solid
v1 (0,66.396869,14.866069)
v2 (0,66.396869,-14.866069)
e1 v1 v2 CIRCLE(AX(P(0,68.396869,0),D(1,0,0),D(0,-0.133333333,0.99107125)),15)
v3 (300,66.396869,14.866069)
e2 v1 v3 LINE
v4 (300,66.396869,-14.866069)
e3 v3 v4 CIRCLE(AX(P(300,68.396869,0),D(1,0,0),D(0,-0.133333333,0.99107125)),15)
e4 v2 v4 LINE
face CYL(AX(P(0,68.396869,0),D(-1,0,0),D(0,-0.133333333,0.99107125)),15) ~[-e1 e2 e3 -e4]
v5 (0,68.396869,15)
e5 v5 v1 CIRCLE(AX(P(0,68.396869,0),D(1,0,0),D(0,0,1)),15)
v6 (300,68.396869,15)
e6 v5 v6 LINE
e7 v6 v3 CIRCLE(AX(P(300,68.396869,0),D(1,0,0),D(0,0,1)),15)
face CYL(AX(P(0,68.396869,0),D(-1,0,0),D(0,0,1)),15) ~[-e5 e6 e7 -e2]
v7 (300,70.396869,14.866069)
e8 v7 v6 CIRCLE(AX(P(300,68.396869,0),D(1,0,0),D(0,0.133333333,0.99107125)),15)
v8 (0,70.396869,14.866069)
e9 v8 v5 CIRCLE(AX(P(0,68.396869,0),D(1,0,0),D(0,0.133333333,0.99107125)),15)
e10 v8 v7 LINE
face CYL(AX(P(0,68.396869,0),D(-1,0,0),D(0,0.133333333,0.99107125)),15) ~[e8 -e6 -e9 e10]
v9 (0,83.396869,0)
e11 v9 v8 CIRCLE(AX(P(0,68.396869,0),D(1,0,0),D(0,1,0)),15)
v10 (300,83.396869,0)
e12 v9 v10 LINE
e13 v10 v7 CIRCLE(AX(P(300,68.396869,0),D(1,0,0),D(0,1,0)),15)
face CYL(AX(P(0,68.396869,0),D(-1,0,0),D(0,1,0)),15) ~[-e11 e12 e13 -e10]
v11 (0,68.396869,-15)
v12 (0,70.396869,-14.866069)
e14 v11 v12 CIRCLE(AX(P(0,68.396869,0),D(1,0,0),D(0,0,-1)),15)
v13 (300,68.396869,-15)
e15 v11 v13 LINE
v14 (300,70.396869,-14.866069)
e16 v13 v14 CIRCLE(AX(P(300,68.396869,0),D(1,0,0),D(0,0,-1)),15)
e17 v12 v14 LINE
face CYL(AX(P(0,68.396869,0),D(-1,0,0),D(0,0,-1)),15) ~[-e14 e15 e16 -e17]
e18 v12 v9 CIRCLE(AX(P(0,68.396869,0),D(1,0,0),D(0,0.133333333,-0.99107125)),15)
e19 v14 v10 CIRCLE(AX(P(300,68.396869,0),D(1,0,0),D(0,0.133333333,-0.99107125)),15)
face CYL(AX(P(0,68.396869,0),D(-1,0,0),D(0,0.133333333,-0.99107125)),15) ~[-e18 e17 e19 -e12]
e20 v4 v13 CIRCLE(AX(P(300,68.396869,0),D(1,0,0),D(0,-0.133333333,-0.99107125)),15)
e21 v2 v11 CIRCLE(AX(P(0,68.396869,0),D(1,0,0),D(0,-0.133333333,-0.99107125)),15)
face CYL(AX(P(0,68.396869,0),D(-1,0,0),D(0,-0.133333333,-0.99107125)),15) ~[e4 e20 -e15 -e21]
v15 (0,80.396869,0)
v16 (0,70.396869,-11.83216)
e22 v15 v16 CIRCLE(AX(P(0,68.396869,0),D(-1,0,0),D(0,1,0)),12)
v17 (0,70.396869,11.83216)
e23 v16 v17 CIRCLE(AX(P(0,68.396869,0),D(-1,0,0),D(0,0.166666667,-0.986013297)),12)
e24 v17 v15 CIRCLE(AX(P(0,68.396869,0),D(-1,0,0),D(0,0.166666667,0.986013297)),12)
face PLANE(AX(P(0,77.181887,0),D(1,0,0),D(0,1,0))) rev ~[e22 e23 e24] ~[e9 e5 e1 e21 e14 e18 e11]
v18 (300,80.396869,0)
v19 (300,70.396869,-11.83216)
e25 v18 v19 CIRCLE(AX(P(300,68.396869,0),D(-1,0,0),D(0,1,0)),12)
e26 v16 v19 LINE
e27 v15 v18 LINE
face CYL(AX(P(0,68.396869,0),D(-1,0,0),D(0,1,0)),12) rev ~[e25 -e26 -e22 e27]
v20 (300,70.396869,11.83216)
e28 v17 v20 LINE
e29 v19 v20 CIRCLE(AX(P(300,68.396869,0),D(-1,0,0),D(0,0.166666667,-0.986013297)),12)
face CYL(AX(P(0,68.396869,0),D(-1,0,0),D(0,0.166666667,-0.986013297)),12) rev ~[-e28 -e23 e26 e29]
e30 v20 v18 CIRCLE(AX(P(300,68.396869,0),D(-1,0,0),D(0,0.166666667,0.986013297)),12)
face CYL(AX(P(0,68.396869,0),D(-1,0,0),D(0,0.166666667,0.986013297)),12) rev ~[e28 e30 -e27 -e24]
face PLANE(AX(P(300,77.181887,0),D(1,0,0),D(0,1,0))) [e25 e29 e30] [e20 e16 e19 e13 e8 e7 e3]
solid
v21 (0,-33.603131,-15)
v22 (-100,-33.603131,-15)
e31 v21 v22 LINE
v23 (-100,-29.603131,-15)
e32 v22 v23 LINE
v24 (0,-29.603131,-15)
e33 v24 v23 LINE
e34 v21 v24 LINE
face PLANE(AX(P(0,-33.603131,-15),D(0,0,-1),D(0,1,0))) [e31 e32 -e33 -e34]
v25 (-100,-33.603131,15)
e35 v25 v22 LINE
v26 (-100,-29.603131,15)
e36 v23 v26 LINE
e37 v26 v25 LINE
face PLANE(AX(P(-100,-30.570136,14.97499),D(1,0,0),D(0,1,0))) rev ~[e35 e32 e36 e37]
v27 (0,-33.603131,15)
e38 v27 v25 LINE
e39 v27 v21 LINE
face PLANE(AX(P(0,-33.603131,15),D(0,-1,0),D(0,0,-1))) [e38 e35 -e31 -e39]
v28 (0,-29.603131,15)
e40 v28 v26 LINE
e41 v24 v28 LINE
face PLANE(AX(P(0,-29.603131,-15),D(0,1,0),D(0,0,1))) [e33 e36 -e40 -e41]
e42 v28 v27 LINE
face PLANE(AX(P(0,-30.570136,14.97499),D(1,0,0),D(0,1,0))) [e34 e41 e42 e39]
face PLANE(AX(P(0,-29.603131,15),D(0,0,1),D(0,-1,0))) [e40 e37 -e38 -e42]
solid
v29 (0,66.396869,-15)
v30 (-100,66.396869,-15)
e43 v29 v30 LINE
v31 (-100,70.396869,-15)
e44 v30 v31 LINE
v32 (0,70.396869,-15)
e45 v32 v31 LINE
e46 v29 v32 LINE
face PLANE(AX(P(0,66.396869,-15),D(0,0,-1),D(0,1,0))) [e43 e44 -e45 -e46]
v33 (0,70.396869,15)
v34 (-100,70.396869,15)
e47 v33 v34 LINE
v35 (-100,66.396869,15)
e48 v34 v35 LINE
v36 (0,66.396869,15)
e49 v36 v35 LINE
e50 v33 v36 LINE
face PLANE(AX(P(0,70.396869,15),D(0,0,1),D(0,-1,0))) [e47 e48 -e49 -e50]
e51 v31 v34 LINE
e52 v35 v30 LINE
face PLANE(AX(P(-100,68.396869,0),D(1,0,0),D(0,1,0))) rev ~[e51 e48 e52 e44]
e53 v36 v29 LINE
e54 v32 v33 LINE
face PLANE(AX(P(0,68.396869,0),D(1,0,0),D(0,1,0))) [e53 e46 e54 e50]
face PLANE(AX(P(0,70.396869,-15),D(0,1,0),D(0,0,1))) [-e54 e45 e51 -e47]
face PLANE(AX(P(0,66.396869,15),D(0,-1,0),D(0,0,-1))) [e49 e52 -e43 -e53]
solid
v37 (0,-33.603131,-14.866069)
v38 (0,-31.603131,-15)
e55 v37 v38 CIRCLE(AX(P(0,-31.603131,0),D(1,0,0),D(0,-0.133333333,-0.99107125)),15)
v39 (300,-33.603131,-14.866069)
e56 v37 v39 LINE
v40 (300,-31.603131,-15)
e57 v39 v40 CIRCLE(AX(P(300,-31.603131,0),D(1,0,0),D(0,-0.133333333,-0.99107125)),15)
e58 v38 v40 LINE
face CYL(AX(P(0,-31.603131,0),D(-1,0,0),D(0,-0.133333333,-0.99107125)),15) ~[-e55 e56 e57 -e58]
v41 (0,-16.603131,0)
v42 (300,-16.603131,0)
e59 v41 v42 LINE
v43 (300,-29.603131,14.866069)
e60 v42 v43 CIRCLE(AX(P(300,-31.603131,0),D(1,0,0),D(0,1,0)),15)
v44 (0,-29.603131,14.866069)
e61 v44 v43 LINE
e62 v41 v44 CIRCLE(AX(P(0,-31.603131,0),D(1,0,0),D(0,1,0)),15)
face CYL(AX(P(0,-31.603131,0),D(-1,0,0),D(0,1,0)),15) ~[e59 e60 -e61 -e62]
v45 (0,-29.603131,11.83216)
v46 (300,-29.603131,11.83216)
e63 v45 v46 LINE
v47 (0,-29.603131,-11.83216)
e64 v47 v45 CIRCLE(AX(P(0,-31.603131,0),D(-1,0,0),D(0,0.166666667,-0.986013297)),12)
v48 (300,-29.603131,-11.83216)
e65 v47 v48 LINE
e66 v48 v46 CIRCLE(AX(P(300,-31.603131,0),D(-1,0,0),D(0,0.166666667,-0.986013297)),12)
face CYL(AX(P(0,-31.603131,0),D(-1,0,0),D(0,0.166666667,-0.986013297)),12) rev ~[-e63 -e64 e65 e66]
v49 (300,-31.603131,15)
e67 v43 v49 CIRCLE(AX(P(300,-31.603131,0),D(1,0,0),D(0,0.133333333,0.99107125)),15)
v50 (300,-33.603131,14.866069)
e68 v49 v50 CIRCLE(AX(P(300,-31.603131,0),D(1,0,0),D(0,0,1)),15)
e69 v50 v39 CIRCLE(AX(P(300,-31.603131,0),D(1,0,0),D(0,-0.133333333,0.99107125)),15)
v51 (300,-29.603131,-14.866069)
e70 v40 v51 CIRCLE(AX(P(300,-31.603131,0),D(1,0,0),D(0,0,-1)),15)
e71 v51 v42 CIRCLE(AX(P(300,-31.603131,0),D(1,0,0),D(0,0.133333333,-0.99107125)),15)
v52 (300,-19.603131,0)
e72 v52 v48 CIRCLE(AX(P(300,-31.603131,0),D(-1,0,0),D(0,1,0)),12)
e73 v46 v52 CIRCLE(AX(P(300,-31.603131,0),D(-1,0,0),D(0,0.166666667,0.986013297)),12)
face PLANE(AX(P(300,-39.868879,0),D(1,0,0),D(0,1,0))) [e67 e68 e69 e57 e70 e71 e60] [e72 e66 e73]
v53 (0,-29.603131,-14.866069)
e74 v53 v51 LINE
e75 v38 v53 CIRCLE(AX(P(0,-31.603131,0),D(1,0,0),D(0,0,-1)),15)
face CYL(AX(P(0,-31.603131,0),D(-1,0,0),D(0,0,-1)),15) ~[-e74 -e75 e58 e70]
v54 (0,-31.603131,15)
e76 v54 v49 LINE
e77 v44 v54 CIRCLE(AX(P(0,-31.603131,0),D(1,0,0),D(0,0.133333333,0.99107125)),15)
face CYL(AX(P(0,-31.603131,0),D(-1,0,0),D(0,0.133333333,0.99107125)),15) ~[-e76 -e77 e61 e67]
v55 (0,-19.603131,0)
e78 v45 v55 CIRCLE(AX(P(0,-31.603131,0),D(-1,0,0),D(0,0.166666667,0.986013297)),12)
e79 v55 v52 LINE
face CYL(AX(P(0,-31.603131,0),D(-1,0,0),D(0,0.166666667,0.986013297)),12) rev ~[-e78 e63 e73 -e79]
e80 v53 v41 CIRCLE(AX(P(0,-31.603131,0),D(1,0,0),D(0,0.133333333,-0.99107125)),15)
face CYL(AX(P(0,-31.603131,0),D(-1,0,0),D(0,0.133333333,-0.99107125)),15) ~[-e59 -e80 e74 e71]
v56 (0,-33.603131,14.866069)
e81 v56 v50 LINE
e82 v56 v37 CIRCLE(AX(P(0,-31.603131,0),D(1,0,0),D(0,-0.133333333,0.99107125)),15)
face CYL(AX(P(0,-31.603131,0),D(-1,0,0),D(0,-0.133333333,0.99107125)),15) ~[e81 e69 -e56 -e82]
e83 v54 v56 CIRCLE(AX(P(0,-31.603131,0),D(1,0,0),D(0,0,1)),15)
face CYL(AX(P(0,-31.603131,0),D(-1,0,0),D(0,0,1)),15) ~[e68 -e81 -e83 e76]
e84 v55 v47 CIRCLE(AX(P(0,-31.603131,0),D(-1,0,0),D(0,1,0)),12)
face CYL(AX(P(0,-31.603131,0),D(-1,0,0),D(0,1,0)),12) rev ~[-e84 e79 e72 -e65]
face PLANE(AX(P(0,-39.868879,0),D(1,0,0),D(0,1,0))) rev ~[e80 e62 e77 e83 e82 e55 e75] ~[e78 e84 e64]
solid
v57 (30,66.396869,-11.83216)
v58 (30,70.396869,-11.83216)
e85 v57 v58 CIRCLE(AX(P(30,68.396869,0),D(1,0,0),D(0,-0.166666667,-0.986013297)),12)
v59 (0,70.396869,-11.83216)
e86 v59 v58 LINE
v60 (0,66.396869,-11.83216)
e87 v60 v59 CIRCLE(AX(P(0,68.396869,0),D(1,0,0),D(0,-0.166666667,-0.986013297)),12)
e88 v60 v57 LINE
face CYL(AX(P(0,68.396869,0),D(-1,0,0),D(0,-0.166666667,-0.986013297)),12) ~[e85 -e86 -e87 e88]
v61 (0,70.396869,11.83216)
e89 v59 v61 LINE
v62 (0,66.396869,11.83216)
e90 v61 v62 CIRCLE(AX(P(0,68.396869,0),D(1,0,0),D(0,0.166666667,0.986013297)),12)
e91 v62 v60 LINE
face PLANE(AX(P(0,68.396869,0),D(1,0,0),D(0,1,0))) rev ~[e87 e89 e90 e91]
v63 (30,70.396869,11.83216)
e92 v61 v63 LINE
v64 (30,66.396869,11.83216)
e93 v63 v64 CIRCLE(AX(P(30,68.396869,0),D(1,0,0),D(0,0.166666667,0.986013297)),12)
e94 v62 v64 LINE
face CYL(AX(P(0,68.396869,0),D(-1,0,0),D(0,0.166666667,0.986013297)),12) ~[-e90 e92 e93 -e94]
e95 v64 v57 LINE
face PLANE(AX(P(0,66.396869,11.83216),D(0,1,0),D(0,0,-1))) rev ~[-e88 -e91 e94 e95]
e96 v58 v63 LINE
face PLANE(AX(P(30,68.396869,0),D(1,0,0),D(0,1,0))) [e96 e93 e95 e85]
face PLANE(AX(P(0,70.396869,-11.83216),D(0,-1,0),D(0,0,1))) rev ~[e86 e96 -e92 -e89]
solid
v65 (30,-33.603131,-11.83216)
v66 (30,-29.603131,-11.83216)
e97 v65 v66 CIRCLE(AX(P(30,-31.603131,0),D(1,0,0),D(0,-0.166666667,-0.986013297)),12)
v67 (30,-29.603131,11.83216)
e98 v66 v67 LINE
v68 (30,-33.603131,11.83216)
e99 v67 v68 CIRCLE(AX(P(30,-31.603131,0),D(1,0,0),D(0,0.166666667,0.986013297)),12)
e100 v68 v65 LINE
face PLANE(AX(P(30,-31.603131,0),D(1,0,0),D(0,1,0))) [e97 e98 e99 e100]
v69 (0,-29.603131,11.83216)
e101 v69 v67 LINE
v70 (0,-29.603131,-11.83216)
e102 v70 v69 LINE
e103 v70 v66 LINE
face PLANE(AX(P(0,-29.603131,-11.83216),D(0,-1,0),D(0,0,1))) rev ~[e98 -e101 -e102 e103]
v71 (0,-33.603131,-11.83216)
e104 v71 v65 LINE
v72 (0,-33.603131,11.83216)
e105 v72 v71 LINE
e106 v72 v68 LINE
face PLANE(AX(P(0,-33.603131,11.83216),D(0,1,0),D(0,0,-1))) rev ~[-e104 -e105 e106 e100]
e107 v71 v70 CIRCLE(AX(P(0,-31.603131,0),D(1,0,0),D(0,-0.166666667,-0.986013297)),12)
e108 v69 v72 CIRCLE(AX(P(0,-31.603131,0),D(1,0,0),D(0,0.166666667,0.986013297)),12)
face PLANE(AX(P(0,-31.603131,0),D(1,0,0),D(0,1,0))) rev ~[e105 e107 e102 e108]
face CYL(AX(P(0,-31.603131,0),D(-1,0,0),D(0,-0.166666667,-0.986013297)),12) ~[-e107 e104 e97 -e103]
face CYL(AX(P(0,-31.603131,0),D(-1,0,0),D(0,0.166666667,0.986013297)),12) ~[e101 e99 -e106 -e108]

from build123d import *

# Parameters (mm, degrees)
F1_DEPTH = 100
F2_DEPTH = 300
F3_DEPTH = 30


with BuildPart() as f1:
    # F0 (on Right) → F1 (new body)
    with BuildSketch(Plane.YZ):
        with BuildLine():
            Line((70.3968688385, -11.8321595662), (70.3968688385, 11.8321595662))
            ThreePointArc((70.3968688385, 11.8321595662), (68.3968688385, 12), (66.3968688385, 11.8321595662))
            Line((66.3968688385, 11.8321595662), (66.3968688385, -11.8321595662))
            ThreePointArc((66.3968688385, -11.8321595662), (68.3968688385, -12), (70.3968688385, -11.8321595662))
        make_face()
        with BuildLine():
            Line((66.3968688385, -15), (68.3968688385, -15))
            ThreePointArc((68.3968688385, -15), (67.3946291491, -14.9664797332), (66.3968688385, -14.8660687473))
            Line((66.3968688385, -14.8660687473), (66.3968688385, -15))
        make_face()
        with BuildLine():
            Line((70.3968688385, -15), (70.3968688385, -14.8660687473))
            ThreePointArc((70.3968688385, -14.8660687473), (69.399108528, -14.9664797332), (68.3968688385, -15))
            Line((68.3968688385, -15), (70.3968688385, -15))
        make_face()
        with BuildLine():
            ThreePointArc((68.3968688385, -15), (69.399108528, -14.9664797332), (70.3968688385, -14.8660687473))
            Line((70.3968688385, -14.8660687473), (70.3968688385, -11.8321595662))
            ThreePointArc((70.3968688385, -11.8321595662), (68.3968688385, -12), (66.3968688385, -11.8321595662))
            Line((66.3968688385, -11.8321595662), (66.3968688385, -14.8660687473))
            ThreePointArc((66.3968688385, -14.8660687473), (67.3946291491, -14.9664797332), (68.3968688385, -15))
        make_face()
        with BuildLine():
            Line((70.3968688385, 11.8321595662), (70.3968688385, 14.8660687473))
            ThreePointArc((70.3968688385, 14.8660687473), (69.399108528, 14.9664797332), (68.3968688385, 15))
            ThreePointArc((68.3968688385, 15), (67.3946291491, 14.9664797332), (66.3968688385, 14.8660687473))
            Line((66.3968688385, 14.8660687473), (66.3968688385, 11.8321595662))
            ThreePointArc((66.3968688385, 11.8321595662), (68.3968688385, 12), (70.3968688385, 11.8321595662))
        make_face()
        with BuildLine():
            ThreePointArc((66.3968688385, 14.8660687473), (67.3946291491, 14.9664797332), (68.3968688385, 15))
            Line((68.3968688385, 15), (66.3968688385, 15))
            Line((66.3968688385, 15), (66.3968688385, 14.8660687473))
        make_face()
        with BuildLine():
            ThreePointArc((68.3968688385, 15), (69.399108528, 14.9664797332), (70.3968688385, 14.8660687473))
            Line((70.3968688385, 14.8660687473), (70.3968688385, 15))
            Line((70.3968688385, 15), (68.3968688385, 15))
        make_face()
    extrude(amount=-F1_DEPTH)


with BuildPart() as f1b:
    # F0 (on Right) → F1, piece 2 (new body)
    with BuildSketch(Plane.YZ):
        with BuildLine():
            ThreePointArc((-31.6031311615, 15), (-30.600891472, 14.9664797332), (-29.6031311615, 14.8660687473))
            Line((-29.6031311615, 14.8660687473), (-29.6031311615, 15))
            Line((-29.6031311615, 15), (-31.6031311615, 15))
        make_face()
        with BuildLine():
            ThreePointArc((-33.6031311615, 14.8660687473), (-32.6053708509, 14.9664797332), (-31.6031311615, 15))
            Line((-31.6031311615, 15), (-33.6031311615, 15))
            Line((-33.6031311615, 15), (-33.6031311615, 14.8660687473))
        make_face()
        with BuildLine():
            Line((-29.6031311615, 11.8321595662), (-29.6031311615, 14.8660687473))
            ThreePointArc((-29.6031311615, 14.8660687473), (-30.600891472, 14.9664797332), (-31.6031311615, 15))
            ThreePointArc((-31.6031311615, 15), (-32.6053708509, 14.9664797332), (-33.6031311615, 14.8660687473))
            Line((-33.6031311615, 14.8660687473), (-33.6031311615, 11.8321595662))
            ThreePointArc((-33.6031311615, 11.8321595662), (-31.6031311615, 12), (-29.6031311615, 11.8321595662))
        make_face()
        with BuildLine():
            Line((-29.6031311615, -11.8321595662), (-29.6031311615, 11.8321595662))
            ThreePointArc((-29.6031311615, 11.8321595662), (-31.6031311615, 12), (-33.6031311615, 11.8321595662))
            Line((-33.6031311615, 11.8321595662), (-33.6031311615, -11.8321595662))
            ThreePointArc((-33.6031311615, -11.8321595662), (-31.6031311615, -12), (-29.6031311615, -11.8321595662))
        make_face()
        with BuildLine():
            ThreePointArc((-31.6031311615, -15), (-30.600891472, -14.9664797332), (-29.6031311615, -14.8660687473))
            Line((-29.6031311615, -14.8660687473), (-29.6031311615, -11.8321595662))
            ThreePointArc((-29.6031311615, -11.8321595662), (-31.6031311615, -12), (-33.6031311615, -11.8321595662))
            Line((-33.6031311615, -11.8321595662), (-33.6031311615, -14.8660687473))
            ThreePointArc((-33.6031311615, -14.8660687473), (-32.6053708509, -14.9664797332), (-31.6031311615, -15))
        make_face()
        with BuildLine():
            Line((-29.6031311615, -15), (-29.6031311615, -14.8660687473))
            ThreePointArc((-29.6031311615, -14.8660687473), (-30.600891472, -14.9664797332), (-31.6031311615, -15))
            Line((-31.6031311615, -15), (-29.6031311615, -15))
        make_face()
        with BuildLine():
            Line((-33.6031311615, -15), (-31.6031311615, -15))
            ThreePointArc((-31.6031311615, -15), (-32.6053708509, -14.9664797332), (-33.6031311615, -14.8660687473))
            Line((-33.6031311615, -14.8660687473), (-33.6031311615, -15))
        make_face()
    extrude(amount=-F1_DEPTH)


with BuildPart() as f2:
    # F0 (on Right) → F2 (new body)
    with BuildSketch(Plane.YZ):
        with BuildLine():
            ThreePointArc((70.3968688385, -14.8660687473), (79.6884586292, -9.8742088291), (83.3968688385, 0))
            ThreePointArc((83.3968688385, 0), (79.6884586292, 9.8742088291), (70.3968688385, 14.8660687473))
            Line((70.3968688385, 14.8660687473), (70.3968688385, 11.8321595662))
            ThreePointArc((70.3968688385, 11.8321595662), (77.5620202285, 7.7459666924), (80.3968688385, 0))
            ThreePointArc((80.3968688385, 0), (77.5620202285, -7.7459666924), (70.3968688385, -11.8321595662))
            Line((70.3968688385, -11.8321595662), (70.3968688385, -14.8660687473))
        make_face()
        with BuildLine():
            Line((70.3968688385, 11.8321595662), (70.3968688385, 14.8660687473))
            ThreePointArc((70.3968688385, 14.8660687473), (69.399108528, 14.9664797332), (68.3968688385, 15))
            ThreePointArc((68.3968688385, 15), (67.3946291491, 14.9664797332), (66.3968688385, 14.8660687473))
            Line((66.3968688385, 14.8660687473), (66.3968688385, 11.8321595662))
            ThreePointArc((66.3968688385, 11.8321595662), (68.3968688385, 12), (70.3968688385, 11.8321595662))
        make_face()
        with BuildLine():
            Line((66.3968688385, 11.8321595662), (66.3968688385, 14.8660687473))
            ThreePointArc((66.3968688385, 14.8660687473), (53.3968688385, 0), (66.3968688385, -14.8660687473))
            Line((66.3968688385, -14.8660687473), (66.3968688385, -11.8321595662))
            ThreePointArc((66.3968688385, -11.8321595662), (56.3968688385, 0), (66.3968688385, 11.8321595662))
        make_face()
        with BuildLine():
            ThreePointArc((68.3968688385, -15), (69.399108528, -14.9664797332), (70.3968688385, -14.8660687473))
            Line((70.3968688385, -14.8660687473), (70.3968688385, -11.8321595662))
            ThreePointArc((70.3968688385, -11.8321595662), (68.3968688385, -12), (66.3968688385, -11.8321595662))
            Line((66.3968688385, -11.8321595662), (66.3968688385, -14.8660687473))
            ThreePointArc((66.3968688385, -14.8660687473), (67.3946291491, -14.9664797332), (68.3968688385, -15))
        make_face()
    extrude(amount=F2_DEPTH)


with BuildPart() as f2b:
    # F0 (on Right) → F2, piece 2 (new body)
    with BuildSketch(Plane.YZ):
        with BuildLine():
            Line((-33.6031311615, 11.8321595662), (-33.6031311615, 14.8660687473))
            ThreePointArc((-33.6031311615, 14.8660687473), (-46.6031311615, 0), (-33.6031311615, -14.8660687473))
            Line((-33.6031311615, -14.8660687473), (-33.6031311615, -11.8321595662))
            ThreePointArc((-33.6031311615, -11.8321595662), (-43.6031311615, 0), (-33.6031311615, 11.8321595662))
        make_face()
        with BuildLine():
            Line((-29.6031311615, 11.8321595662), (-29.6031311615, 14.8660687473))
            ThreePointArc((-29.6031311615, 14.8660687473), (-30.600891472, 14.9664797332), (-31.6031311615, 15))
            ThreePointArc((-31.6031311615, 15), (-32.6053708509, 14.9664797332), (-33.6031311615, 14.8660687473))
            Line((-33.6031311615, 14.8660687473), (-33.6031311615, 11.8321595662))
            ThreePointArc((-33.6031311615, 11.8321595662), (-31.6031311615, 12), (-29.6031311615, 11.8321595662))
        make_face()
        with BuildLine():
            ThreePointArc((-29.6031311615, -14.8660687473), (-20.3115413708, -9.8742088291), (-16.6031311615, 0))
            ThreePointArc((-16.6031311615, 0), (-20.3115413708, 9.8742088291), (-29.6031311615, 14.8660687473))
            Line((-29.6031311615, 14.8660687473), (-29.6031311615, 11.8321595662))
            ThreePointArc((-29.6031311615, 11.8321595662), (-22.4379797715, 7.7459666924), (-19.6031311615, 0))
            ThreePointArc((-19.6031311615, 0), (-22.4379797715, -7.7459666924), (-29.6031311615, -11.8321595662))
            Line((-29.6031311615, -11.8321595662), (-29.6031311615, -14.8660687473))
        make_face()
        with BuildLine():
            ThreePointArc((-31.6031311615, -15), (-30.600891472, -14.9664797332), (-29.6031311615, -14.8660687473))
            Line((-29.6031311615, -14.8660687473), (-29.6031311615, -11.8321595662))
            ThreePointArc((-29.6031311615, -11.8321595662), (-31.6031311615, -12), (-33.6031311615, -11.8321595662))
            Line((-33.6031311615, -11.8321595662), (-33.6031311615, -14.8660687473))
            ThreePointArc((-33.6031311615, -14.8660687473), (-32.6053708509, -14.9664797332), (-31.6031311615, -15))
        make_face()
    extrude(amount=F2_DEPTH)


with BuildPart() as f3:
    # F0 (on Right) → F3 (new body)
    with BuildSketch(Plane.YZ):
        with BuildLine():
            Line((70.3968688385, -11.8321595662), (70.3968688385, 11.8321595662))
            ThreePointArc((70.3968688385, 11.8321595662), (68.3968688385, 12), (66.3968688385, 11.8321595662))
            Line((66.3968688385, 11.8321595662), (66.3968688385, -11.8321595662))
            ThreePointArc((66.3968688385, -11.8321595662), (68.3968688385, -12), (70.3968688385, -11.8321595662))
        make_face()
    extrude(amount=F3_DEPTH)


with BuildPart() as f3b:
    # F0 (on Right) → F3, piece 2 (new body)
    with BuildSketch(Plane.YZ):
        with BuildLine():
            Line((-29.6031311615, -11.8321595662), (-29.6031311615, 11.8321595662))
            ThreePointArc((-29.6031311615, 11.8321595662), (-31.6031311615, 12), (-33.6031311615, 11.8321595662))
            Line((-33.6031311615, 11.8321595662), (-33.6031311615, -11.8321595662))
            ThreePointArc((-33.6031311615, -11.8321595662), (-31.6031311615, -12), (-29.6031311615, -11.8321595662))
        make_face()
    extrude(amount=F3_DEPTH)


solid = Compound([f1.part, f1b.part, f2.part, f2b.part, f3.part, f3b.part])
